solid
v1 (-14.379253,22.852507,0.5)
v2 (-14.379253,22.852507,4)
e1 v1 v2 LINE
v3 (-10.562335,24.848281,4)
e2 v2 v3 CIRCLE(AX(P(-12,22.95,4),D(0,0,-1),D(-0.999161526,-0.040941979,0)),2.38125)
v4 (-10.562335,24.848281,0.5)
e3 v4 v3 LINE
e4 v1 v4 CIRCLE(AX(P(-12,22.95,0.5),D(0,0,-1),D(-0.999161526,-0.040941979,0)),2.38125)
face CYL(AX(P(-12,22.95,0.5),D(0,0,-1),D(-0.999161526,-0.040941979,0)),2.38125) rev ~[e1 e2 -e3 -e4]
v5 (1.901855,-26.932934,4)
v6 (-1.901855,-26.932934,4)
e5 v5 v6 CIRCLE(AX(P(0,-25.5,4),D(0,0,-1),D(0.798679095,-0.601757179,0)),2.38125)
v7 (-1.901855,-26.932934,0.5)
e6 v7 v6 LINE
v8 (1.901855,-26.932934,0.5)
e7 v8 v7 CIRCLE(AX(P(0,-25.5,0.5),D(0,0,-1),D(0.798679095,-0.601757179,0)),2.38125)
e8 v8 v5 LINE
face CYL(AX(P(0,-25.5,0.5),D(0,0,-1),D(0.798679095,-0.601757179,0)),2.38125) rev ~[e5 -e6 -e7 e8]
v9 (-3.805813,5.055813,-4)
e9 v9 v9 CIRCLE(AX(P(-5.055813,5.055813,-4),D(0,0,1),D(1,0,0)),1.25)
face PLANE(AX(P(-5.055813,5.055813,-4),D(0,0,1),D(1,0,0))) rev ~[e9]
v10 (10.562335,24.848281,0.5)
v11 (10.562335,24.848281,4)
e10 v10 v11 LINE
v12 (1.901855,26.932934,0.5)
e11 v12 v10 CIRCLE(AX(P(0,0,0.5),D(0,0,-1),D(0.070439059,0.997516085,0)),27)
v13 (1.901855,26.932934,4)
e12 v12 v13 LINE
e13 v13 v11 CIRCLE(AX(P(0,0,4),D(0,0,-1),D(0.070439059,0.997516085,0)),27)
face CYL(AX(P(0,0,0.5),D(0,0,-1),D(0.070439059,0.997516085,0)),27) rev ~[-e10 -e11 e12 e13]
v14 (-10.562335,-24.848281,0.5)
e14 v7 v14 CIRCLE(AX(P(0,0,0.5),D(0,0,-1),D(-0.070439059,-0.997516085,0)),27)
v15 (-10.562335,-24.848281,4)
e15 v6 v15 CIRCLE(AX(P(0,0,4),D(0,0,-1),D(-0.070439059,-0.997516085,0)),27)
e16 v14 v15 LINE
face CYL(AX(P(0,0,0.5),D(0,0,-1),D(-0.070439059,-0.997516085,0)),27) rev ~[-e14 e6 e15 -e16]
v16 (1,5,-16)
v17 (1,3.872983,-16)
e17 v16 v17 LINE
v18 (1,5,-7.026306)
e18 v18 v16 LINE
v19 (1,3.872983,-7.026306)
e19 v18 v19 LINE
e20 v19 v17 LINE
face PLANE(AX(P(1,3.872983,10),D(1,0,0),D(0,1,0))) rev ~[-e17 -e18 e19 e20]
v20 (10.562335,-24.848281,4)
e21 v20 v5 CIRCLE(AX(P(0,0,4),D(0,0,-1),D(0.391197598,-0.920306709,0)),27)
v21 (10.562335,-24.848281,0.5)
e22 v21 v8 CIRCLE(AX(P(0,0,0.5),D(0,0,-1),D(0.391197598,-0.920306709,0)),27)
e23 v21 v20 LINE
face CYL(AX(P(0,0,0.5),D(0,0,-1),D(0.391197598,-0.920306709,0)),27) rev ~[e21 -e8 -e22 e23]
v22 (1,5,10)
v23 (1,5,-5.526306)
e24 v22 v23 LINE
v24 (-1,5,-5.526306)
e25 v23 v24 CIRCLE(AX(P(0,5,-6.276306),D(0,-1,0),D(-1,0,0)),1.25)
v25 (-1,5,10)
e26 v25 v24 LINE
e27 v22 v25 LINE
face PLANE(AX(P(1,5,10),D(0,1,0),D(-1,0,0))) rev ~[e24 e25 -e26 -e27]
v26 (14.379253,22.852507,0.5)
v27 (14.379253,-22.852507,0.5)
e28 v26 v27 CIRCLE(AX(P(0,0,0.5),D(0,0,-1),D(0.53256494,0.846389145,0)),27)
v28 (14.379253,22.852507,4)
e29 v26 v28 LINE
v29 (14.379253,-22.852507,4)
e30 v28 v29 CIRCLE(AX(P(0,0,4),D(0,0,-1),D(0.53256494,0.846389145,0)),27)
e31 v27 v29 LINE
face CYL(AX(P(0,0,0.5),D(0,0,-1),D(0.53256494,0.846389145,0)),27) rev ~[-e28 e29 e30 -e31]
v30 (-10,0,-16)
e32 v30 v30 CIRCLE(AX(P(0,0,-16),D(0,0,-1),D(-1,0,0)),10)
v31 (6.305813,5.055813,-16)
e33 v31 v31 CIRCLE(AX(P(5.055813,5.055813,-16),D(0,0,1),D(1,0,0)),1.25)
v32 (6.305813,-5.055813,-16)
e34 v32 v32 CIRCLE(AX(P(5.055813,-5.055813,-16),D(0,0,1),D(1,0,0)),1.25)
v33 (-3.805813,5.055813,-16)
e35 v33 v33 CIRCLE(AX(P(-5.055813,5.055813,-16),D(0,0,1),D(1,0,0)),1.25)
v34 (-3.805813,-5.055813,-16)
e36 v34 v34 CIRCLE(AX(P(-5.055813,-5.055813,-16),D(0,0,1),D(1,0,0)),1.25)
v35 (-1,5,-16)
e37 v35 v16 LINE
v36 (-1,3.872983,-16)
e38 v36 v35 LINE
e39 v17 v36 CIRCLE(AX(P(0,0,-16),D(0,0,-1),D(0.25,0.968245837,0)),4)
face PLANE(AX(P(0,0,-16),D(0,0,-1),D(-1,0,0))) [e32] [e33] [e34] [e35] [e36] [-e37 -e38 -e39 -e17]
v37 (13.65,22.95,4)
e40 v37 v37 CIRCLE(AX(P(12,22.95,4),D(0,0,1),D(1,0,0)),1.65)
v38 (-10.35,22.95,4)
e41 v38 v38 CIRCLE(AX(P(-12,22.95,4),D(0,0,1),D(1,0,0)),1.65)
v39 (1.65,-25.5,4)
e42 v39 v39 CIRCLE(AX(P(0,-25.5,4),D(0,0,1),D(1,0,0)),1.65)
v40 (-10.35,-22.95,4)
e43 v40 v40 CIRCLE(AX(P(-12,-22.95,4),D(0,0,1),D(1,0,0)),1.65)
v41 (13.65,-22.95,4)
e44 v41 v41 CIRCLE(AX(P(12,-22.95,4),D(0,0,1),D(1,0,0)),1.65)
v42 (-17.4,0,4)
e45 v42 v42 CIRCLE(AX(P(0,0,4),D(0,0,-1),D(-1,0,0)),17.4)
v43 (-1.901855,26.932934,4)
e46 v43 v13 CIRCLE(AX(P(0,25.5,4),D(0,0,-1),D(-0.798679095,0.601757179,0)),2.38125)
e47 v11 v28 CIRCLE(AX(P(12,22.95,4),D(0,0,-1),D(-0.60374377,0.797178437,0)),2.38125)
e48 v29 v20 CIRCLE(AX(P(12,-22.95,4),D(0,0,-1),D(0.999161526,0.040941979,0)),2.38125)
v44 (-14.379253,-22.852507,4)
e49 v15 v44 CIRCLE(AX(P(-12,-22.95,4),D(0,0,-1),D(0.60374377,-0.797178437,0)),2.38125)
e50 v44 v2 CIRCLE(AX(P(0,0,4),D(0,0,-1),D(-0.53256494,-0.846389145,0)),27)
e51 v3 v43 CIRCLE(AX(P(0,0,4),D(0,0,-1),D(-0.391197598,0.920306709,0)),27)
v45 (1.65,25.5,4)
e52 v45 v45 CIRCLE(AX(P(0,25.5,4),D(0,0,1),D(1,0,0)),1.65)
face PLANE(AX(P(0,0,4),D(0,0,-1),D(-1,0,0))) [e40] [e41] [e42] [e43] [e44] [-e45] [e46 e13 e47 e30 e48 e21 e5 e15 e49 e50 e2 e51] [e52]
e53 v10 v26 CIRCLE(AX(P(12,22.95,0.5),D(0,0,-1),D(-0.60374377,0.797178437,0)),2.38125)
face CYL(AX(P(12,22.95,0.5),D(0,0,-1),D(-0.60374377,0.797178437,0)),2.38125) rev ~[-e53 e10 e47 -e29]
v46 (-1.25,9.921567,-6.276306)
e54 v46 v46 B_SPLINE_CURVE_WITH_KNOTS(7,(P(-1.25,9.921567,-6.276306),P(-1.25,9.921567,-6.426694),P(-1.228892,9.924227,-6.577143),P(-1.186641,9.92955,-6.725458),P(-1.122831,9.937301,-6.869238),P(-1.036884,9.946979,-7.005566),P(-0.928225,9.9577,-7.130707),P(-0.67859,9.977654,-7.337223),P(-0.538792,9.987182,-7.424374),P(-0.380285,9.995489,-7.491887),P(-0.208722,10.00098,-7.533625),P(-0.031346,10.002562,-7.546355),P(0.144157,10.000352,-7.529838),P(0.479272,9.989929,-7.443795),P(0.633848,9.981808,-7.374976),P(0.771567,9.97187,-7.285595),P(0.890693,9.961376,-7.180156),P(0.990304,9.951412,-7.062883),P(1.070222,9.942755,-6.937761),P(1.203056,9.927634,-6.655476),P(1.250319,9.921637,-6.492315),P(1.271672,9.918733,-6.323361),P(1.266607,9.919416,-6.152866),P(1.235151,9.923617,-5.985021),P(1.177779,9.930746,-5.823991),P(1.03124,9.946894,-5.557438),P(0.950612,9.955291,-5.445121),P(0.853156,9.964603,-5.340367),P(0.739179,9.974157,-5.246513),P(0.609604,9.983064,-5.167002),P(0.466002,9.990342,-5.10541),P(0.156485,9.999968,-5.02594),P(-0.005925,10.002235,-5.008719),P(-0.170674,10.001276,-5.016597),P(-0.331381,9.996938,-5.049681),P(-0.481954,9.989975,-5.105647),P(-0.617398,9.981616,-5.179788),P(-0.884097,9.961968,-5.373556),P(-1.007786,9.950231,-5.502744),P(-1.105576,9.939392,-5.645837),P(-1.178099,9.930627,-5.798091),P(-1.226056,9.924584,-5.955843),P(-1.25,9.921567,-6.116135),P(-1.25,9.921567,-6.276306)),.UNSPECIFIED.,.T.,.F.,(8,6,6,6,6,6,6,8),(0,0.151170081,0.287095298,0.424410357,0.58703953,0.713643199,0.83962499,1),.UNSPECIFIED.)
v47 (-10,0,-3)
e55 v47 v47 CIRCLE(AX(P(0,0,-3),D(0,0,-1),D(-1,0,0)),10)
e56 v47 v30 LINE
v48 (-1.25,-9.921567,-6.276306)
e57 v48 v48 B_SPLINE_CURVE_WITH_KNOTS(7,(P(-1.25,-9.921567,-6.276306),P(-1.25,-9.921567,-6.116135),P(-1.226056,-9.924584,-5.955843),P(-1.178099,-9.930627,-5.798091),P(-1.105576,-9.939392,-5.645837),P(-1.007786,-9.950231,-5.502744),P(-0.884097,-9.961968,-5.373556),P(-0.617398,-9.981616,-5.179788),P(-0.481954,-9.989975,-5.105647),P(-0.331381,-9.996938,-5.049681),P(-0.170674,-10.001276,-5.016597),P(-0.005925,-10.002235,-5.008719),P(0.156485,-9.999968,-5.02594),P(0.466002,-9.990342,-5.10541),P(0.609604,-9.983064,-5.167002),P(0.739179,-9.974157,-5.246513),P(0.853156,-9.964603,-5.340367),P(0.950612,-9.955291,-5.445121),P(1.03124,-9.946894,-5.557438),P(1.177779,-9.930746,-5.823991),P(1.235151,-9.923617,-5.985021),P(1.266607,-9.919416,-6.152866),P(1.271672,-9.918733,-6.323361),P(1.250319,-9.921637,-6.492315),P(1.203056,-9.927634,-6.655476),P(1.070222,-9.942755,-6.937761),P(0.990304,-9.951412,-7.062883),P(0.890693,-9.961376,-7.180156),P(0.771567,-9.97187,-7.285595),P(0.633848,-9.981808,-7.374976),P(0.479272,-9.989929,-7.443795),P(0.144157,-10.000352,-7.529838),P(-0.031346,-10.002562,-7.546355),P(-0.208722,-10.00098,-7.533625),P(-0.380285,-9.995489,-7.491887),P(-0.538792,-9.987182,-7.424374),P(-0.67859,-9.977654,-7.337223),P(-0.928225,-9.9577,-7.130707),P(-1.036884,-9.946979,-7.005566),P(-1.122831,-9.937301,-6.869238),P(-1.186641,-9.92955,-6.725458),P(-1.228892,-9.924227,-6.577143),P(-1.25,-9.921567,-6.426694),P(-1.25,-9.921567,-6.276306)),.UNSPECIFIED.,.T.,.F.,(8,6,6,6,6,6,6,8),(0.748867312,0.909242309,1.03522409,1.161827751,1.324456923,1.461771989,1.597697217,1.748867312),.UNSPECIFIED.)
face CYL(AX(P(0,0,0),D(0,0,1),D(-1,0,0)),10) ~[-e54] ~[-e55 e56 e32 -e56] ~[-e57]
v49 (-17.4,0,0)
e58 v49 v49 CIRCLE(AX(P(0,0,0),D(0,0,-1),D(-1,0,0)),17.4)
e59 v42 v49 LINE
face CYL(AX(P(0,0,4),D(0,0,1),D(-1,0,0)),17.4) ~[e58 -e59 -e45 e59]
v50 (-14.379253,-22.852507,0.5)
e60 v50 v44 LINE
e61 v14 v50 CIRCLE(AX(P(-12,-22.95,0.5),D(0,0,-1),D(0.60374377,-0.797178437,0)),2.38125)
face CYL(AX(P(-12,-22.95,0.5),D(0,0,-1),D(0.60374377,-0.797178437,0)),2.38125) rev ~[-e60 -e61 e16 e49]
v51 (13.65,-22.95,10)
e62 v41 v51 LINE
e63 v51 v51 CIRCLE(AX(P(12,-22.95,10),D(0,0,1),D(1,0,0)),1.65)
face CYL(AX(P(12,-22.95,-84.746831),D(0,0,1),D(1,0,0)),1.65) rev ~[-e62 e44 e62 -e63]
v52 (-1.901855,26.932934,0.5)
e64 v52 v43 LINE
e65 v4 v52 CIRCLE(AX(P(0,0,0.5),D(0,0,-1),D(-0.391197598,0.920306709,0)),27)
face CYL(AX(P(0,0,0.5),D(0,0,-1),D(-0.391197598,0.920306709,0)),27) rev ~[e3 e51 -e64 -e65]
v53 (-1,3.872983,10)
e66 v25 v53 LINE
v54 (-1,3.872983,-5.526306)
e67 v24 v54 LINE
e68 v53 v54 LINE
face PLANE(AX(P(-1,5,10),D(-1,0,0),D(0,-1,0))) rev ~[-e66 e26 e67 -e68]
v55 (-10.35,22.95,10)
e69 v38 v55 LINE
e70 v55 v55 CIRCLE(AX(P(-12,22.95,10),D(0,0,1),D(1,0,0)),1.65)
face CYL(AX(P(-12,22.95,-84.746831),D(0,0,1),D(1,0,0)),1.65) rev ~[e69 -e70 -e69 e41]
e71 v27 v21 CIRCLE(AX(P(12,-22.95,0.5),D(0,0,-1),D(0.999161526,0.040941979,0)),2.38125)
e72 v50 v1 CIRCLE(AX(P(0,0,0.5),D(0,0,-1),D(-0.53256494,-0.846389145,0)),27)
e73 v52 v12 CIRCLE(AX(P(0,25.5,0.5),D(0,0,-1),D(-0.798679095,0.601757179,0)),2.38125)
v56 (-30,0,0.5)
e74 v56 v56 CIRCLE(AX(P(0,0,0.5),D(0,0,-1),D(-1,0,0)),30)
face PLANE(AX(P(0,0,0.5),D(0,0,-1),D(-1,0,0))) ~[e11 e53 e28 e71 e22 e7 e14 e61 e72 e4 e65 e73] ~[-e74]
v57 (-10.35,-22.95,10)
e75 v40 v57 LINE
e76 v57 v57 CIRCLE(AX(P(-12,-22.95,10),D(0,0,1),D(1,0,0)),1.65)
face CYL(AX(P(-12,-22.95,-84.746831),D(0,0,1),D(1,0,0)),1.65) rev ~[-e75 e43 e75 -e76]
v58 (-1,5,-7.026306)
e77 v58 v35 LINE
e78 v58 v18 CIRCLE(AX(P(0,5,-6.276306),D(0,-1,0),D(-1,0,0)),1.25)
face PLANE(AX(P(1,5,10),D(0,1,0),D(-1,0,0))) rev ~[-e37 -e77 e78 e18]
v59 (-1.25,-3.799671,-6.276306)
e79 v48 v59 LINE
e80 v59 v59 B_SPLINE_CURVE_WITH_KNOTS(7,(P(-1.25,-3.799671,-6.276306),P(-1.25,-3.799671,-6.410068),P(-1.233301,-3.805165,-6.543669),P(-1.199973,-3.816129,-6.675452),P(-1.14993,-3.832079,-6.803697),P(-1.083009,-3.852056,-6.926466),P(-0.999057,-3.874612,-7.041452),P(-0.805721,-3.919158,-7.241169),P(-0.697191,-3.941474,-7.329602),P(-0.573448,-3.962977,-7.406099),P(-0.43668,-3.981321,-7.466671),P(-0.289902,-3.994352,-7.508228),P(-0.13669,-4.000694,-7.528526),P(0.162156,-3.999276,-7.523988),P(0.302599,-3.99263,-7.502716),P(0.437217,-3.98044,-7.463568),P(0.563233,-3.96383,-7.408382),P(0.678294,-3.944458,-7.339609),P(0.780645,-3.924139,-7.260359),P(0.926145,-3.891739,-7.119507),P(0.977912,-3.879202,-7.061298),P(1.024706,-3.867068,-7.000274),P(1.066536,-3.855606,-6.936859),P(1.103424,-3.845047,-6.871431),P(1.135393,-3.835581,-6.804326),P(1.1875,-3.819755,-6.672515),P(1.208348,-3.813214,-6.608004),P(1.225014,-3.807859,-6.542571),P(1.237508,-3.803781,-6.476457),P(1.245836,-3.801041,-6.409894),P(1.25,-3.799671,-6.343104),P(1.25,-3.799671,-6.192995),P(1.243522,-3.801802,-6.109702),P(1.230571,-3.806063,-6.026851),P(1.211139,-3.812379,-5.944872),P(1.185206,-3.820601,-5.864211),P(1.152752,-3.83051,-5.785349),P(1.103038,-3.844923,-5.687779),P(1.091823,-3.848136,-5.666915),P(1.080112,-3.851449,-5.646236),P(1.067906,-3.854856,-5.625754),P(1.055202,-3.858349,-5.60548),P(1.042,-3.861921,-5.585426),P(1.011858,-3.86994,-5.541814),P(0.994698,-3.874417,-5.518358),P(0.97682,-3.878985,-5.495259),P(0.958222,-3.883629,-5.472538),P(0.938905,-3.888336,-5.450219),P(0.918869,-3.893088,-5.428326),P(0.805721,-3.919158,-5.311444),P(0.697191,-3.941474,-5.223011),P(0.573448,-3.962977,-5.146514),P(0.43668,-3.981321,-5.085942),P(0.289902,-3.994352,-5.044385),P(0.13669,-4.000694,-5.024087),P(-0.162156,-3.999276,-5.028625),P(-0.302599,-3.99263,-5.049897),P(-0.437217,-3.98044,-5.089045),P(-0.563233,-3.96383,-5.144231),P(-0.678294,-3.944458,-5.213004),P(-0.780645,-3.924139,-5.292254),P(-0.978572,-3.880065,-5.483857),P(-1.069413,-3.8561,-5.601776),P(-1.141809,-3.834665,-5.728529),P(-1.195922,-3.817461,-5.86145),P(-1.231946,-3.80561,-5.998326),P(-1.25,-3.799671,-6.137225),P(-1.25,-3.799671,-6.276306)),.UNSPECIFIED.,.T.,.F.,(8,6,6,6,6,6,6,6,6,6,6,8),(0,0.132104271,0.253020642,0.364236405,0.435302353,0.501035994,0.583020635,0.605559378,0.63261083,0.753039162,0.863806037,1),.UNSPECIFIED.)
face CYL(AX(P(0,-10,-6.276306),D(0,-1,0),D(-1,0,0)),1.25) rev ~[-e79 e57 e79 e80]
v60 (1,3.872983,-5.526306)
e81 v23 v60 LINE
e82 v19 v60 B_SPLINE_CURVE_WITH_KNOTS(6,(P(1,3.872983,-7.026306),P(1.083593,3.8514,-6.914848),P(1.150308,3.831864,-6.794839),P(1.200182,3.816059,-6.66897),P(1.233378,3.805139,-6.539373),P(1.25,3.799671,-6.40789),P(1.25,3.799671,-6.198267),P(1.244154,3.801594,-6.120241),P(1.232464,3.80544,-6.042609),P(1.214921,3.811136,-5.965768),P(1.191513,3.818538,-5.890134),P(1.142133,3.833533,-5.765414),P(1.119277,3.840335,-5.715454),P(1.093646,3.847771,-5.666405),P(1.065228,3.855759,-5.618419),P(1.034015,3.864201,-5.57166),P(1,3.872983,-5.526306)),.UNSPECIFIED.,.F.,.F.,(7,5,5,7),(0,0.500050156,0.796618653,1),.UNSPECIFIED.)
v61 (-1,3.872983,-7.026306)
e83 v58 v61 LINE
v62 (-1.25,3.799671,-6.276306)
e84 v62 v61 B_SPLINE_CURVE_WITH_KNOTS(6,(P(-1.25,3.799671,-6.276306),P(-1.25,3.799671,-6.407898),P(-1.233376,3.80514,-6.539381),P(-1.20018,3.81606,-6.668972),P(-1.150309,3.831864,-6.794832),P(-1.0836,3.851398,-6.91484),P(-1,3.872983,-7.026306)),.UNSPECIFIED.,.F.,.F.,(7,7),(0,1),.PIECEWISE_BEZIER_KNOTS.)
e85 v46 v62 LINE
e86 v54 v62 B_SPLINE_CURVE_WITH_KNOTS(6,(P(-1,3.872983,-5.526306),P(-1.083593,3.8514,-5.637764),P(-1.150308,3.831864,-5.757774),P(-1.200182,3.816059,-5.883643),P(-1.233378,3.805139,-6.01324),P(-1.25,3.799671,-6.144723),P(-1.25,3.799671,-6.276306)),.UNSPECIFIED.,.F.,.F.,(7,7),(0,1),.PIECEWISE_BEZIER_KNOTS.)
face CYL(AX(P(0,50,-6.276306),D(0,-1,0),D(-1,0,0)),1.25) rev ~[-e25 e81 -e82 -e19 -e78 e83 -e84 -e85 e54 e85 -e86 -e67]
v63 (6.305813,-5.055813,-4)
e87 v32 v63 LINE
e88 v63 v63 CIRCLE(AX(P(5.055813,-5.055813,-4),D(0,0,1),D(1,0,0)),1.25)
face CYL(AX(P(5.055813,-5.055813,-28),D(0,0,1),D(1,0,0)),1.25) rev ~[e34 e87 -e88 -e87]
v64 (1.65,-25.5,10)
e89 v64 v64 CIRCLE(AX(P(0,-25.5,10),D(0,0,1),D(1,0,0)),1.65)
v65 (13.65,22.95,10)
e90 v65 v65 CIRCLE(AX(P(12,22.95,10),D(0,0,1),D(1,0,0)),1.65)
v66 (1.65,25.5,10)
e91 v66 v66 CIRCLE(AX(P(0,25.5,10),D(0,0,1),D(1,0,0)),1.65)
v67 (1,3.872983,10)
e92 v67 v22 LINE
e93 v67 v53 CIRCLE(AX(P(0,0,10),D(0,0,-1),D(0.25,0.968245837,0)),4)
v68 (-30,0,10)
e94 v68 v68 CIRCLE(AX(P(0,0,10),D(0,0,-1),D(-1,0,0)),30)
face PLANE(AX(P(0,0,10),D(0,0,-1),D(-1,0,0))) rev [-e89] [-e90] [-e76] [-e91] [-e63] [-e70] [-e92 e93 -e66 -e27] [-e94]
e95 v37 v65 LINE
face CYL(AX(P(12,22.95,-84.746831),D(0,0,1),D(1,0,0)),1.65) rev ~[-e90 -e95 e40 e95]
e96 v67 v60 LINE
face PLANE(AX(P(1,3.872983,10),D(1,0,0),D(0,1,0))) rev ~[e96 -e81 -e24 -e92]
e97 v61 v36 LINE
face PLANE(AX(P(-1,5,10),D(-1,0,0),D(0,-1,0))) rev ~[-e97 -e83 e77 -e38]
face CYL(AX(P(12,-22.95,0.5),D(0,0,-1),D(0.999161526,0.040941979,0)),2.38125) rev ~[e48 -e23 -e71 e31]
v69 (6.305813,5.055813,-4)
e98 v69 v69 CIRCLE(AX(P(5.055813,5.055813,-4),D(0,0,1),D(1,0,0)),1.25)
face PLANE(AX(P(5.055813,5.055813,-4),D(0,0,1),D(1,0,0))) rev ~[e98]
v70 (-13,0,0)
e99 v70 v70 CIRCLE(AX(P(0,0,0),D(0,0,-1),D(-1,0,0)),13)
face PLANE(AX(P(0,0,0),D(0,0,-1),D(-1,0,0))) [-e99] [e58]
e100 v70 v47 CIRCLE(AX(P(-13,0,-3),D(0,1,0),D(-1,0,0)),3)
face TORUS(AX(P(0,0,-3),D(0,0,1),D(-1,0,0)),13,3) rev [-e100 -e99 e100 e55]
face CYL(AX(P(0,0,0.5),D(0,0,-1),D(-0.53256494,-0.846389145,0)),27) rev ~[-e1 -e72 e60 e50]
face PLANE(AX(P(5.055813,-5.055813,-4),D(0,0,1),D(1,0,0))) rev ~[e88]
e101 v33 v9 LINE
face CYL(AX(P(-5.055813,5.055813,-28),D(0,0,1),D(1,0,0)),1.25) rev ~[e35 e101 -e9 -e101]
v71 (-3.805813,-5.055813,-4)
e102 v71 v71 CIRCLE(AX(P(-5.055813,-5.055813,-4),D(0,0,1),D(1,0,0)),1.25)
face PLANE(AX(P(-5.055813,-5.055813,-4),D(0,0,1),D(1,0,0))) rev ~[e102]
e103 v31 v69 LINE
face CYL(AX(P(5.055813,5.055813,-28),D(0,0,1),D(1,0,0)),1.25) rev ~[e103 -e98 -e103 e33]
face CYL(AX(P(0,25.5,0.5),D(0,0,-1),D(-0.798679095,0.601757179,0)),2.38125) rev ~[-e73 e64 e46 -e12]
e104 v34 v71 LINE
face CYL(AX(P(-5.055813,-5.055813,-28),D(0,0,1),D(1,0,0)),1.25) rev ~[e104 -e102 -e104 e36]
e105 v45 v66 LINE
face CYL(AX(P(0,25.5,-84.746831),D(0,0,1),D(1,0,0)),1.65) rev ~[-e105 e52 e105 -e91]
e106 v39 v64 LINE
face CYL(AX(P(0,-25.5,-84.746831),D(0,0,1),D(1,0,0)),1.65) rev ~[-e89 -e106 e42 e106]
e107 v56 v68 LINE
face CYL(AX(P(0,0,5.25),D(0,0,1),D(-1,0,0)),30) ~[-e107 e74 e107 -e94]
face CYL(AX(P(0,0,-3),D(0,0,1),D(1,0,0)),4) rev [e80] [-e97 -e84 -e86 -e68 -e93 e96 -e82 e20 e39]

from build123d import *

# Parameters (mm, degrees)
SKETCH1_W                  = 30
SKETCH1_H                  = 9.5
CUT_EXTRUDE1_DEPTH         = 3.5
SKETCH3_R                  = 17.4
BOSS_EXTRUDE1_DEPTH        = 4
SKETCH4_R                  = 10
BOSS_EXTRUDE2_DEPTH        = 16
CUT_EXTRUDE2_DEPTH         = 50.759421218
SKETCH6_W                  = 4
SKETCH6_H                  = 26
F_4_CLEARANCE_HOLE1_D      = 3.3
F_2_CLEARANCE_HOLE1_D      = 2.5
F_2_CLEARANCE_HOLE1_DEPTH  = 12
F_2_CLEARANCE_HOLE2_REACH  = 54.582
F_2_CLEARANCE_HOLE2_BORE_R = 1.25
F_2_CLEARANCE_HOLE3_D      = 2.5
F_2_CLEARANCE_HOLE3_DEPTH  = 40
FILLET1_R                  = 3


with BuildPart() as part:
    # Sketch1 → Revolve1 (revolve)
    with BuildSketch(Plane.XZ, mode=Mode.PRIVATE) as revolve1_sk:
        with Locations((15, 5.25)):
            Rectangle(SKETCH1_W, SKETCH1_H)
    revolve(revolve1_sk.sketch.rotate(Axis((0, 0, 10), (0, 0, -1)), 180), axis=Axis((0, 0, 10), (0, 0, -1)))

    # Sketch2 → Cut-Extrude1 (cut)
    with BuildSketch(Plane(origin=(0, 0, 0.5), x_dir=(-1, 0, 0), z_dir=(0, 0, -1))):
        with BuildLine():
            ThreePointArc((1.901854596, -26.932934283), (6.318658968, -26.250229501), (10.562335147, -24.848281153))
            ThreePointArc((10.562335147, -24.848281153), (13.103370267, -25.060195635), (14.379253383, -22.852506912))
            ThreePointArc((14.379253383, -22.852506912), (27, 0), (14.379253383, 22.852506912))
            ThreePointArc((14.379253383, 22.852506912), (13.103370267, 25.060195635), (10.562335147, 24.848281153))
            ThreePointArc((10.562335147, 24.848281153), (6.318658968, 26.250229501), (1.901854596, 26.932934283))
            ThreePointArc((1.901854596, 26.932934283), (0, 27.88125), (-1.901854596, 26.932934283))
            ThreePointArc((-1.901854596, 26.932934283), (-6.318658968, 26.250229501), (-10.562335147, 24.848281153))
            ThreePointArc((-10.562335147, 24.848281153), (-13.103370267, 25.060195635), (-14.379253383, 22.852506912))
            ThreePointArc((-14.379253383, 22.852506912), (-27, 0), (-14.379253383, -22.852506912))
            ThreePointArc((-14.379253383, -22.852506912), (-13.103370267, -25.060195635), (-10.562335147, -24.848281153))
            ThreePointArc((-10.562335147, -24.848281153), (-6.318658968, -26.250229501), (-1.901854596, -26.932934283))
            ThreePointArc((-1.901854596, -26.932934283), (0, -27.88125), (1.901854596, -26.932934283))
        make_face()
    extrude(amount=-CUT_EXTRUDE1_DEPTH, mode=Mode.SUBTRACT)

    # Sketch3 → Boss-Extrude1 (add)
    with BuildSketch(Plane(origin=(0, 0, 4), x_dir=(-1, 0, 0), z_dir=(0, 0, -1))):
        Circle(SKETCH3_R)
    extrude(amount=BOSS_EXTRUDE1_DEPTH)

    # Sketch4 → Boss-Extrude2 (add)
    with BuildSketch(Plane(origin=(0, 0, 0), x_dir=(-1, 0, 0), z_dir=(0, 0, -1))):
        Circle(SKETCH4_R)
    extrude(amount=BOSS_EXTRUDE2_DEPTH)

    # Sketch5 → Cut-Extrude2 (cut, through all)
    with BuildSketch(Plane.XY.offset(10)):
        with BuildLine():
            Line((1, 5), (-1, 5))
            Line((-1, 5), (-1, 3.872983346))
            ThreePointArc((-1, 3.872983346), (0, 4), (1, 3.872983346))
            Line((1, 3.872983346), (1, 5))
        make_face()
    extrude(amount=-CUT_EXTRUDE2_DEPTH, mode=Mode.SUBTRACT)

    # Sketch6 → Cut-Revolve1 (revolve, cut)
    with BuildSketch(Plane.XZ):
        with Locations((2, -3)):
            Rectangle(SKETCH6_W, SKETCH6_H)
    revolve(axis=Axis((0, 0, 10), (0, 0, -1)), mode=Mode.SUBTRACT)

    # #4 Clearance Hole1 (through all)
    with Locations(Plane(origin=(0, 0, 4), x_dir=(-1, 0, 0), z_dir=(0, 0, -1))):
        with Locations((12, -22.95), (0, -25.5), (-12, -22.95), (-12, 22.95), (0, 25.5), (12, 22.95)):
            Hole(F_4_CLEARANCE_HOLE1_D / 2)

    # #2 Clearance Hole1
    with Locations(Plane(origin=(0, 0, -16), x_dir=(-1, 0, 0), z_dir=(0, 0, -1))):
        with Locations((-5.055813485, -5.055813485), (5.055813485, -5.055813485), (5.055813485, 5.055813485), (-5.055813485, 5.055813485)):
            Hole(F_2_CLEARANCE_HOLE1_D / 2, depth=F_2_CLEARANCE_HOLE1_DEPTH)

    # #2 Clearance Hole2 bore (on position points) → #2 Clearance Hole2 (cut, up to next)
    with BuildSketch(Plane(origin=(0, -10, -6.276306458), x_dir=(-1, 0, 0), z_dir=(0, -1, 0)), mode=Mode.PRIVATE) as f_2_clearance_hole2_sk1:
        Circle(F_2_CLEARANCE_HOLE2_BORE_R)
    f_2_clearance_hole2_tool1 = extrude(f_2_clearance_hole2_sk1.sketch, amount=-F_2_CLEARANCE_HOLE2_REACH, mode=Mode.PRIVATE) & part.part
    add(f_2_clearance_hole2_tool1.solids().sort_by_distance((0, -10, -6.276306))[0], mode=Mode.SUBTRACT)

    # #2 Clearance Hole3
    with Locations(Plane(origin=(0, 10, -6.276306458), x_dir=(1, 0, 0), z_dir=(0, 1, 0))):
        with Locations((0, 0)):
            Hole(F_2_CLEARANCE_HOLE3_D / 2, depth=F_2_CLEARANCE_HOLE3_DEPTH)

    # Fillet1
    fillet1_edges = [part.edges().sort_by_distance(p)[0] for p in [
        (10, 0, 0),
    ]]
    fillet(fillet1_edges, radius=FILLET1_R)


solid = part.part
